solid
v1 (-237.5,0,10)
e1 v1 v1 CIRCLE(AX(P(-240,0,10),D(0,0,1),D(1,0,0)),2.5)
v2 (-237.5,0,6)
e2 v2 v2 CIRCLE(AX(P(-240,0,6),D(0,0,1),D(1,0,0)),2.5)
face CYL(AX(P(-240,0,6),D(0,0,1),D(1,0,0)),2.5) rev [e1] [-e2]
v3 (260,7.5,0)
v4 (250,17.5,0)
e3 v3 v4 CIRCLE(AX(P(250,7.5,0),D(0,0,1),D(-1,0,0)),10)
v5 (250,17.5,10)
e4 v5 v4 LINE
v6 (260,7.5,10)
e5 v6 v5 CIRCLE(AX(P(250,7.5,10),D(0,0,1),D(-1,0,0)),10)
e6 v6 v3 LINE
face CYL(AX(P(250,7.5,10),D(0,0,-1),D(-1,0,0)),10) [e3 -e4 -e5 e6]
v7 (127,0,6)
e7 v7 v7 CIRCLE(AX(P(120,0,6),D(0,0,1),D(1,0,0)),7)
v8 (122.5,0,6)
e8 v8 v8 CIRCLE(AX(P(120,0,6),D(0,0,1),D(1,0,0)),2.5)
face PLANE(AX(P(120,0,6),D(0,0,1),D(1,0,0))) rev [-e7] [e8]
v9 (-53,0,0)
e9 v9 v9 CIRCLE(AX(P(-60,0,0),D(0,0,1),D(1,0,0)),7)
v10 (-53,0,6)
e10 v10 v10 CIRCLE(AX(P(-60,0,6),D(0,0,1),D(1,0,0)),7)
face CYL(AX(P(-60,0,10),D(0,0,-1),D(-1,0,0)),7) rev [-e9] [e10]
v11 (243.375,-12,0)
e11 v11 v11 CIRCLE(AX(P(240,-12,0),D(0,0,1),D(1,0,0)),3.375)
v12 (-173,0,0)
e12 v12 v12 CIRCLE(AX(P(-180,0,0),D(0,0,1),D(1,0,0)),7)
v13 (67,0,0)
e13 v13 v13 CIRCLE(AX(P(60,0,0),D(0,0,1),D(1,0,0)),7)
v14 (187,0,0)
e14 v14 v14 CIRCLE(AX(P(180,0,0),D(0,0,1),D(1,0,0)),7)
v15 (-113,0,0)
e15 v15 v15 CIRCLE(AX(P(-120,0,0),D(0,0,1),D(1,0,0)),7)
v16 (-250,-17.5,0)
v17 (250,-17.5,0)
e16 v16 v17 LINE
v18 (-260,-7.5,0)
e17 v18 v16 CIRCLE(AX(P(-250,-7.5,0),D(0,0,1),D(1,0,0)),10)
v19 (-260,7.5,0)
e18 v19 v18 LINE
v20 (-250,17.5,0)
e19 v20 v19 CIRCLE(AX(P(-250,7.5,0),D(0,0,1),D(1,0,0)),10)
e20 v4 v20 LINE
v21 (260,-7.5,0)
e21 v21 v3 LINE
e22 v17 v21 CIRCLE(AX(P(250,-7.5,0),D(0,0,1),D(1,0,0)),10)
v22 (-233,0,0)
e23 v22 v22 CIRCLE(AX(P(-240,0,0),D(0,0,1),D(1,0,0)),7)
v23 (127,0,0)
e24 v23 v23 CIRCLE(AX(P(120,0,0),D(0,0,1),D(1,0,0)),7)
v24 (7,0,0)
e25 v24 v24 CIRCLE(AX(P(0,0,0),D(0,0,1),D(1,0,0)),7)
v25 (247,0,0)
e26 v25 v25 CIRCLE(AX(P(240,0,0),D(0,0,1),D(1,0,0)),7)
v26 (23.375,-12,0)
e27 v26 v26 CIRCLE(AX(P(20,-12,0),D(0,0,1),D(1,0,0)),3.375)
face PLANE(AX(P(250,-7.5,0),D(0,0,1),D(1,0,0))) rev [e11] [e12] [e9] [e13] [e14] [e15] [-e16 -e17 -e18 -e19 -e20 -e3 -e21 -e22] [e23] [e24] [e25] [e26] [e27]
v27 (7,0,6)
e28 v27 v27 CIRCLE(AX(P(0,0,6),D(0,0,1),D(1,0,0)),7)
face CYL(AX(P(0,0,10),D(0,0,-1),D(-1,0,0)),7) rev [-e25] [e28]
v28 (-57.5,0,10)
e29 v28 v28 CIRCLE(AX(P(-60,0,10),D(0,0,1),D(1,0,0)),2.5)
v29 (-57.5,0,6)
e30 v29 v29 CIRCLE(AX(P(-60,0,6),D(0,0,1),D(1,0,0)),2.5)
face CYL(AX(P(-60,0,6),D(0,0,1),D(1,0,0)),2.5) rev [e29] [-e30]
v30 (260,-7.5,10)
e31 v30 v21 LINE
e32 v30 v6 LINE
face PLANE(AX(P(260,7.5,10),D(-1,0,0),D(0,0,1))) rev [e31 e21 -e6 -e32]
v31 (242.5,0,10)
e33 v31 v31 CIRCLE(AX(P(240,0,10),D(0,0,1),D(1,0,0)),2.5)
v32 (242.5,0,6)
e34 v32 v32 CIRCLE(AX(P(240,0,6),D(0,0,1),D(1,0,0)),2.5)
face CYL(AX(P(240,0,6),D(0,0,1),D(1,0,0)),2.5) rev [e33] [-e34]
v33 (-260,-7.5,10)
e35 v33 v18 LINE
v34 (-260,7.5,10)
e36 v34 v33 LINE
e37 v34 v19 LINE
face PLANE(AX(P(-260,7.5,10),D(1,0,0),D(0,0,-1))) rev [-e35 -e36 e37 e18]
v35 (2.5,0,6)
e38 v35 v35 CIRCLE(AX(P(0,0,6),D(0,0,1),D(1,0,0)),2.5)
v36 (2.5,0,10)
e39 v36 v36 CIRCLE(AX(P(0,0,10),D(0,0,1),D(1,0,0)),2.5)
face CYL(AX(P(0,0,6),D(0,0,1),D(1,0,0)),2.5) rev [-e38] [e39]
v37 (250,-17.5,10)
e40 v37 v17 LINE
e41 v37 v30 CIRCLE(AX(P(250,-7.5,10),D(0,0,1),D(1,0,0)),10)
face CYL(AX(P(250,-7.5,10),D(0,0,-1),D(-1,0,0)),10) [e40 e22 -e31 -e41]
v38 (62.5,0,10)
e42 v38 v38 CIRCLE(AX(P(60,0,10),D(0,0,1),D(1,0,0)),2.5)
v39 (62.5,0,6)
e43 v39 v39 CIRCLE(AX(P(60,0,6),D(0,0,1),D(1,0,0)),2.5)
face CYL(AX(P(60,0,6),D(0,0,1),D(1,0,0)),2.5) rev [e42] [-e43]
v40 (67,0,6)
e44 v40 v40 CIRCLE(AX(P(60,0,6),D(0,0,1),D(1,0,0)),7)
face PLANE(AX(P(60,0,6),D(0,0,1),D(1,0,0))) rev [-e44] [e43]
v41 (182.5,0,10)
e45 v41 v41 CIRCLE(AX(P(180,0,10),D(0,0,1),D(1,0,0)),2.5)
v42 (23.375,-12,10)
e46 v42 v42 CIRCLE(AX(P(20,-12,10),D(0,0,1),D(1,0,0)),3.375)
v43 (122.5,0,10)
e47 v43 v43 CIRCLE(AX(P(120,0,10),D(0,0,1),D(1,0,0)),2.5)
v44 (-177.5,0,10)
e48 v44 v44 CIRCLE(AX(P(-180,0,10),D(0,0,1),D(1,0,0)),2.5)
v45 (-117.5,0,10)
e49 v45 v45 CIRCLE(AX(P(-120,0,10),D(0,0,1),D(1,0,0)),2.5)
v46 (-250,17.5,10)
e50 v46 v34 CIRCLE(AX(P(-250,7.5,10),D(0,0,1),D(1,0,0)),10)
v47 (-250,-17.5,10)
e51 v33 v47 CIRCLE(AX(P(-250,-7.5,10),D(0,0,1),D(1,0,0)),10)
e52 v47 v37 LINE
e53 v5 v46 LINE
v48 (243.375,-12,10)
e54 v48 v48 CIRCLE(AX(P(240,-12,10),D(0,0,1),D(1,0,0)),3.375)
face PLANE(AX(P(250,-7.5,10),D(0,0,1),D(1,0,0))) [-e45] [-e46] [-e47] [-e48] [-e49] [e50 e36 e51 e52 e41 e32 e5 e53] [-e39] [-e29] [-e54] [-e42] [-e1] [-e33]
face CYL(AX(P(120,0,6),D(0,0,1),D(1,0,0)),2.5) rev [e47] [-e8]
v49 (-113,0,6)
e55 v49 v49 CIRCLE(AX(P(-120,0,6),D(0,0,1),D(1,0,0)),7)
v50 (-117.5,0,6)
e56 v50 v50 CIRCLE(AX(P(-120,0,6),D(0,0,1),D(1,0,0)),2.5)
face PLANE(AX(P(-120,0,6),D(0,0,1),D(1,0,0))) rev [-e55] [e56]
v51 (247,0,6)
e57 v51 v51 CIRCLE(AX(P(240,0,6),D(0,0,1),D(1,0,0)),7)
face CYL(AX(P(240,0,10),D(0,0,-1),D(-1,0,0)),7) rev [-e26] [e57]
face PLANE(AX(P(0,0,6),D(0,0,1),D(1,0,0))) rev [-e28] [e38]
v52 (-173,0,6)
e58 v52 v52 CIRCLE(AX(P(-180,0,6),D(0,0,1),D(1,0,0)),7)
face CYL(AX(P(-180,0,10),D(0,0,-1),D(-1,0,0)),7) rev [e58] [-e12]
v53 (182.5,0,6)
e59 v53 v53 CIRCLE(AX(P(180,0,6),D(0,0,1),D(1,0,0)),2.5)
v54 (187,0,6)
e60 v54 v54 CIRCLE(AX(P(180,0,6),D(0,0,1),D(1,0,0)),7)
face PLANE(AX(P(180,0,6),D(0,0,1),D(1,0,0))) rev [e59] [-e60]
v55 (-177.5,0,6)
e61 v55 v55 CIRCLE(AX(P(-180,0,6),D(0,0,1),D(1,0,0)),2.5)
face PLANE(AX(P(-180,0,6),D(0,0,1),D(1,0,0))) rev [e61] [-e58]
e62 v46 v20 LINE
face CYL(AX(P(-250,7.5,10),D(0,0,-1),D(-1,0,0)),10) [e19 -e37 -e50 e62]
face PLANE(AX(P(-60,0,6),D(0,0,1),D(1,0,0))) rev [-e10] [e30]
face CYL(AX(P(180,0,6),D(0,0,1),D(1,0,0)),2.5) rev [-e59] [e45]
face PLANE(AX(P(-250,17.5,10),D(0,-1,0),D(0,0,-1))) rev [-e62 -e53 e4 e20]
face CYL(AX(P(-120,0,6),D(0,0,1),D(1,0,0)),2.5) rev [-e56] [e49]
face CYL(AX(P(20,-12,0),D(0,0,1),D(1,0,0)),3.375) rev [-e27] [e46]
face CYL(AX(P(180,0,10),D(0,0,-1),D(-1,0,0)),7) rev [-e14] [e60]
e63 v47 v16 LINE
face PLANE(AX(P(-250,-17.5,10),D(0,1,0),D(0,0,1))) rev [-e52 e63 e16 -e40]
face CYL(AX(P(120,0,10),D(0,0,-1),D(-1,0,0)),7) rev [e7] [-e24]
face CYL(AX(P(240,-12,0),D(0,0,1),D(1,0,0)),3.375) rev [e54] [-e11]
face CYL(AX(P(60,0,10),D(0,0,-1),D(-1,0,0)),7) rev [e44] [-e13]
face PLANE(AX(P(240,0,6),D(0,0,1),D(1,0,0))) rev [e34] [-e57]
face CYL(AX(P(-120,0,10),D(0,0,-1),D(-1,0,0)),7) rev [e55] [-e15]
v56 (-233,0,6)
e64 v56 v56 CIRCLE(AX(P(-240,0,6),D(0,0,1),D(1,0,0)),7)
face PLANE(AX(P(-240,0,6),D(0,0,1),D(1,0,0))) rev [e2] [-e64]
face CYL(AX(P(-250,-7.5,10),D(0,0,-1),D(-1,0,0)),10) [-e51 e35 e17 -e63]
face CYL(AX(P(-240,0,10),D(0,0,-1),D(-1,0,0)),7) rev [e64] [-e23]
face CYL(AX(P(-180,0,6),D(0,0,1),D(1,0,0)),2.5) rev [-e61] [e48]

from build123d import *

# Parameters (mm, degrees)
ESQUISSE1_R             = 7
BOSS_EXTRU_1_DEPTH      = 10
BOSS_EXTRU_2_START      = -4
ESQUISSE2_R             = 7
ESQUISSE2_R_2           = 2.5
BOSS_EXTRU_2_DEPTH      = 4
ESQUISSE3_R             = 3.375
ENL_V_MAT_EXTRU_1_DEPTH = 261.780079761
ESQUISSE4_R             = 3.375
ENL_V_MAT_EXTRU_2_DEPTH = 261.780079761


with BuildPart() as part:
    # Esquisse1 → Boss.-Extru.1 (new body)
    with BuildSketch(Plane.XY):
        with BuildLine():
            Line((-250, 17.5), (250, 17.5))
            ThreePointArc((250, 17.5), (257.071067812, 14.571067812), (260, 7.5))
            Line((260, 7.5), (260, -7.5))
            ThreePointArc((260, -7.5), (257.071067812, -14.571067812), (250, -17.5))
            Line((250, -17.5), (-250, -17.5))
            ThreePointArc((-250, -17.5), (-257.071067812, -14.571067812), (-260, -7.5))
            Line((-260, -7.5), (-260, 7.5))
            ThreePointArc((-260, 7.5), (-257.071067812, 14.571067812), (-250, 17.5))
        make_face()
        with Locations((-240, 0)):
            Circle(ESQUISSE1_R, mode=Mode.SUBTRACT)
        with Locations((-180, 0)):
            Circle(ESQUISSE1_R, mode=Mode.SUBTRACT)
        with Locations((-120, 0)):
            Circle(ESQUISSE1_R, mode=Mode.SUBTRACT)
        with Locations((-60, 0)):
            Circle(ESQUISSE1_R, mode=Mode.SUBTRACT)
        Circle(ESQUISSE1_R, mode=Mode.SUBTRACT)
        with Locations((60, 0)):
            Circle(ESQUISSE1_R, mode=Mode.SUBTRACT)
        with Locations((120, 0)):
            Circle(ESQUISSE1_R, mode=Mode.SUBTRACT)
        with Locations((180, 0)):
            Circle(ESQUISSE1_R, mode=Mode.SUBTRACT)
        with Locations((240, 0)):
            Circle(ESQUISSE1_R, mode=Mode.SUBTRACT)
    extrude(amount=BOSS_EXTRU_1_DEPTH)

    # Esquisse2 → Boss.-Extru.2 (add)
    # profile 1 of 9: a face of its own
    with BuildSketch(Plane.XY.offset(10).offset(BOSS_EXTRU_2_START)):
        with Locations((-240, 0)):
            Circle(ESQUISSE2_R)
        with Locations((-240, 0)):
            Circle(ESQUISSE2_R_2, mode=Mode.SUBTRACT)
    # profile 2 of 9: a face of its own
    with BuildSketch(Plane.XY.offset(10).offset(BOSS_EXTRU_2_START)):
        with Locations((-180, 0)):
            Circle(ESQUISSE2_R)
        with Locations((-180, 0)):
            Circle(ESQUISSE2_R_2, mode=Mode.SUBTRACT)
    # profile 3 of 9: a face of its own
    with BuildSketch(Plane.XY.offset(10).offset(BOSS_EXTRU_2_START)):
        with Locations((-120, 0)):
            Circle(ESQUISSE2_R)
        with Locations((-120, 0)):
            Circle(ESQUISSE2_R_2, mode=Mode.SUBTRACT)
    # profile 4 of 9: a face of its own
    with BuildSketch(Plane.XY.offset(10).offset(BOSS_EXTRU_2_START)):
        with Locations((-60, 0)):
            Circle(ESQUISSE2_R)
        with Locations((-60, 0)):
            Circle(ESQUISSE2_R_2, mode=Mode.SUBTRACT)
    # profile 5 of 9: a face of its own
    with BuildSketch(Plane.XY.offset(10).offset(BOSS_EXTRU_2_START)):
        Circle(ESQUISSE2_R)
        Circle(ESQUISSE2_R_2, mode=Mode.SUBTRACT)
    # profile 6 of 9: a face of its own
    with BuildSketch(Plane.XY.offset(10).offset(BOSS_EXTRU_2_START)):
        with Locations((60, 0)):
            Circle(ESQUISSE2_R)
        with Locations((60, 0)):
            Circle(ESQUISSE2_R_2, mode=Mode.SUBTRACT)
    # profile 7 of 9: a face of its own
    with BuildSketch(Plane.XY.offset(10).offset(BOSS_EXTRU_2_START)):
        with Locations((120, 0)):
            Circle(ESQUISSE2_R)
        with Locations((120, 0)):
            Circle(ESQUISSE2_R_2, mode=Mode.SUBTRACT)
    # profile 8 of 9: a face of its own
    with BuildSketch(Plane.XY.offset(10).offset(BOSS_EXTRU_2_START)):
        with Locations((180, 0)):
            Circle(ESQUISSE2_R)
        with Locations((180, 0)):
            Circle(ESQUISSE2_R_2, mode=Mode.SUBTRACT)
    # profile 9 of 9: a face of its own
    with BuildSketch(Plane.XY.offset(10).offset(BOSS_EXTRU_2_START)):
        with Locations((240, 0)):
            Circle(ESQUISSE2_R)
        with Locations((240, 0)):
            Circle(ESQUISSE2_R_2, mode=Mode.SUBTRACT)
    extrude(amount=BOSS_EXTRU_2_DEPTH)

    # Esquisse3 → Enlèv. mat.-Extru.1 (cut, through all)
    with BuildSketch(Plane.XY.offset(10)):
        with Locations((20.000000156, -12.000000313)):
            Circle(ESQUISSE3_R)
    extrude(amount=-ENL_V_MAT_EXTRU_1_DEPTH, mode=Mode.SUBTRACT)

    # Esquisse4 → Enlèv. mat.-Extru.2 (cut, through all)
    with BuildSketch(Plane.XY.offset(10)):
        with Locations((240.000000156, -12.000000313)):
            Circle(ESQUISSE4_R)
    extrude(amount=-ENL_V_MAT_EXTRU_2_DEPTH, mode=Mode.SUBTRACT)


solid = part.part
